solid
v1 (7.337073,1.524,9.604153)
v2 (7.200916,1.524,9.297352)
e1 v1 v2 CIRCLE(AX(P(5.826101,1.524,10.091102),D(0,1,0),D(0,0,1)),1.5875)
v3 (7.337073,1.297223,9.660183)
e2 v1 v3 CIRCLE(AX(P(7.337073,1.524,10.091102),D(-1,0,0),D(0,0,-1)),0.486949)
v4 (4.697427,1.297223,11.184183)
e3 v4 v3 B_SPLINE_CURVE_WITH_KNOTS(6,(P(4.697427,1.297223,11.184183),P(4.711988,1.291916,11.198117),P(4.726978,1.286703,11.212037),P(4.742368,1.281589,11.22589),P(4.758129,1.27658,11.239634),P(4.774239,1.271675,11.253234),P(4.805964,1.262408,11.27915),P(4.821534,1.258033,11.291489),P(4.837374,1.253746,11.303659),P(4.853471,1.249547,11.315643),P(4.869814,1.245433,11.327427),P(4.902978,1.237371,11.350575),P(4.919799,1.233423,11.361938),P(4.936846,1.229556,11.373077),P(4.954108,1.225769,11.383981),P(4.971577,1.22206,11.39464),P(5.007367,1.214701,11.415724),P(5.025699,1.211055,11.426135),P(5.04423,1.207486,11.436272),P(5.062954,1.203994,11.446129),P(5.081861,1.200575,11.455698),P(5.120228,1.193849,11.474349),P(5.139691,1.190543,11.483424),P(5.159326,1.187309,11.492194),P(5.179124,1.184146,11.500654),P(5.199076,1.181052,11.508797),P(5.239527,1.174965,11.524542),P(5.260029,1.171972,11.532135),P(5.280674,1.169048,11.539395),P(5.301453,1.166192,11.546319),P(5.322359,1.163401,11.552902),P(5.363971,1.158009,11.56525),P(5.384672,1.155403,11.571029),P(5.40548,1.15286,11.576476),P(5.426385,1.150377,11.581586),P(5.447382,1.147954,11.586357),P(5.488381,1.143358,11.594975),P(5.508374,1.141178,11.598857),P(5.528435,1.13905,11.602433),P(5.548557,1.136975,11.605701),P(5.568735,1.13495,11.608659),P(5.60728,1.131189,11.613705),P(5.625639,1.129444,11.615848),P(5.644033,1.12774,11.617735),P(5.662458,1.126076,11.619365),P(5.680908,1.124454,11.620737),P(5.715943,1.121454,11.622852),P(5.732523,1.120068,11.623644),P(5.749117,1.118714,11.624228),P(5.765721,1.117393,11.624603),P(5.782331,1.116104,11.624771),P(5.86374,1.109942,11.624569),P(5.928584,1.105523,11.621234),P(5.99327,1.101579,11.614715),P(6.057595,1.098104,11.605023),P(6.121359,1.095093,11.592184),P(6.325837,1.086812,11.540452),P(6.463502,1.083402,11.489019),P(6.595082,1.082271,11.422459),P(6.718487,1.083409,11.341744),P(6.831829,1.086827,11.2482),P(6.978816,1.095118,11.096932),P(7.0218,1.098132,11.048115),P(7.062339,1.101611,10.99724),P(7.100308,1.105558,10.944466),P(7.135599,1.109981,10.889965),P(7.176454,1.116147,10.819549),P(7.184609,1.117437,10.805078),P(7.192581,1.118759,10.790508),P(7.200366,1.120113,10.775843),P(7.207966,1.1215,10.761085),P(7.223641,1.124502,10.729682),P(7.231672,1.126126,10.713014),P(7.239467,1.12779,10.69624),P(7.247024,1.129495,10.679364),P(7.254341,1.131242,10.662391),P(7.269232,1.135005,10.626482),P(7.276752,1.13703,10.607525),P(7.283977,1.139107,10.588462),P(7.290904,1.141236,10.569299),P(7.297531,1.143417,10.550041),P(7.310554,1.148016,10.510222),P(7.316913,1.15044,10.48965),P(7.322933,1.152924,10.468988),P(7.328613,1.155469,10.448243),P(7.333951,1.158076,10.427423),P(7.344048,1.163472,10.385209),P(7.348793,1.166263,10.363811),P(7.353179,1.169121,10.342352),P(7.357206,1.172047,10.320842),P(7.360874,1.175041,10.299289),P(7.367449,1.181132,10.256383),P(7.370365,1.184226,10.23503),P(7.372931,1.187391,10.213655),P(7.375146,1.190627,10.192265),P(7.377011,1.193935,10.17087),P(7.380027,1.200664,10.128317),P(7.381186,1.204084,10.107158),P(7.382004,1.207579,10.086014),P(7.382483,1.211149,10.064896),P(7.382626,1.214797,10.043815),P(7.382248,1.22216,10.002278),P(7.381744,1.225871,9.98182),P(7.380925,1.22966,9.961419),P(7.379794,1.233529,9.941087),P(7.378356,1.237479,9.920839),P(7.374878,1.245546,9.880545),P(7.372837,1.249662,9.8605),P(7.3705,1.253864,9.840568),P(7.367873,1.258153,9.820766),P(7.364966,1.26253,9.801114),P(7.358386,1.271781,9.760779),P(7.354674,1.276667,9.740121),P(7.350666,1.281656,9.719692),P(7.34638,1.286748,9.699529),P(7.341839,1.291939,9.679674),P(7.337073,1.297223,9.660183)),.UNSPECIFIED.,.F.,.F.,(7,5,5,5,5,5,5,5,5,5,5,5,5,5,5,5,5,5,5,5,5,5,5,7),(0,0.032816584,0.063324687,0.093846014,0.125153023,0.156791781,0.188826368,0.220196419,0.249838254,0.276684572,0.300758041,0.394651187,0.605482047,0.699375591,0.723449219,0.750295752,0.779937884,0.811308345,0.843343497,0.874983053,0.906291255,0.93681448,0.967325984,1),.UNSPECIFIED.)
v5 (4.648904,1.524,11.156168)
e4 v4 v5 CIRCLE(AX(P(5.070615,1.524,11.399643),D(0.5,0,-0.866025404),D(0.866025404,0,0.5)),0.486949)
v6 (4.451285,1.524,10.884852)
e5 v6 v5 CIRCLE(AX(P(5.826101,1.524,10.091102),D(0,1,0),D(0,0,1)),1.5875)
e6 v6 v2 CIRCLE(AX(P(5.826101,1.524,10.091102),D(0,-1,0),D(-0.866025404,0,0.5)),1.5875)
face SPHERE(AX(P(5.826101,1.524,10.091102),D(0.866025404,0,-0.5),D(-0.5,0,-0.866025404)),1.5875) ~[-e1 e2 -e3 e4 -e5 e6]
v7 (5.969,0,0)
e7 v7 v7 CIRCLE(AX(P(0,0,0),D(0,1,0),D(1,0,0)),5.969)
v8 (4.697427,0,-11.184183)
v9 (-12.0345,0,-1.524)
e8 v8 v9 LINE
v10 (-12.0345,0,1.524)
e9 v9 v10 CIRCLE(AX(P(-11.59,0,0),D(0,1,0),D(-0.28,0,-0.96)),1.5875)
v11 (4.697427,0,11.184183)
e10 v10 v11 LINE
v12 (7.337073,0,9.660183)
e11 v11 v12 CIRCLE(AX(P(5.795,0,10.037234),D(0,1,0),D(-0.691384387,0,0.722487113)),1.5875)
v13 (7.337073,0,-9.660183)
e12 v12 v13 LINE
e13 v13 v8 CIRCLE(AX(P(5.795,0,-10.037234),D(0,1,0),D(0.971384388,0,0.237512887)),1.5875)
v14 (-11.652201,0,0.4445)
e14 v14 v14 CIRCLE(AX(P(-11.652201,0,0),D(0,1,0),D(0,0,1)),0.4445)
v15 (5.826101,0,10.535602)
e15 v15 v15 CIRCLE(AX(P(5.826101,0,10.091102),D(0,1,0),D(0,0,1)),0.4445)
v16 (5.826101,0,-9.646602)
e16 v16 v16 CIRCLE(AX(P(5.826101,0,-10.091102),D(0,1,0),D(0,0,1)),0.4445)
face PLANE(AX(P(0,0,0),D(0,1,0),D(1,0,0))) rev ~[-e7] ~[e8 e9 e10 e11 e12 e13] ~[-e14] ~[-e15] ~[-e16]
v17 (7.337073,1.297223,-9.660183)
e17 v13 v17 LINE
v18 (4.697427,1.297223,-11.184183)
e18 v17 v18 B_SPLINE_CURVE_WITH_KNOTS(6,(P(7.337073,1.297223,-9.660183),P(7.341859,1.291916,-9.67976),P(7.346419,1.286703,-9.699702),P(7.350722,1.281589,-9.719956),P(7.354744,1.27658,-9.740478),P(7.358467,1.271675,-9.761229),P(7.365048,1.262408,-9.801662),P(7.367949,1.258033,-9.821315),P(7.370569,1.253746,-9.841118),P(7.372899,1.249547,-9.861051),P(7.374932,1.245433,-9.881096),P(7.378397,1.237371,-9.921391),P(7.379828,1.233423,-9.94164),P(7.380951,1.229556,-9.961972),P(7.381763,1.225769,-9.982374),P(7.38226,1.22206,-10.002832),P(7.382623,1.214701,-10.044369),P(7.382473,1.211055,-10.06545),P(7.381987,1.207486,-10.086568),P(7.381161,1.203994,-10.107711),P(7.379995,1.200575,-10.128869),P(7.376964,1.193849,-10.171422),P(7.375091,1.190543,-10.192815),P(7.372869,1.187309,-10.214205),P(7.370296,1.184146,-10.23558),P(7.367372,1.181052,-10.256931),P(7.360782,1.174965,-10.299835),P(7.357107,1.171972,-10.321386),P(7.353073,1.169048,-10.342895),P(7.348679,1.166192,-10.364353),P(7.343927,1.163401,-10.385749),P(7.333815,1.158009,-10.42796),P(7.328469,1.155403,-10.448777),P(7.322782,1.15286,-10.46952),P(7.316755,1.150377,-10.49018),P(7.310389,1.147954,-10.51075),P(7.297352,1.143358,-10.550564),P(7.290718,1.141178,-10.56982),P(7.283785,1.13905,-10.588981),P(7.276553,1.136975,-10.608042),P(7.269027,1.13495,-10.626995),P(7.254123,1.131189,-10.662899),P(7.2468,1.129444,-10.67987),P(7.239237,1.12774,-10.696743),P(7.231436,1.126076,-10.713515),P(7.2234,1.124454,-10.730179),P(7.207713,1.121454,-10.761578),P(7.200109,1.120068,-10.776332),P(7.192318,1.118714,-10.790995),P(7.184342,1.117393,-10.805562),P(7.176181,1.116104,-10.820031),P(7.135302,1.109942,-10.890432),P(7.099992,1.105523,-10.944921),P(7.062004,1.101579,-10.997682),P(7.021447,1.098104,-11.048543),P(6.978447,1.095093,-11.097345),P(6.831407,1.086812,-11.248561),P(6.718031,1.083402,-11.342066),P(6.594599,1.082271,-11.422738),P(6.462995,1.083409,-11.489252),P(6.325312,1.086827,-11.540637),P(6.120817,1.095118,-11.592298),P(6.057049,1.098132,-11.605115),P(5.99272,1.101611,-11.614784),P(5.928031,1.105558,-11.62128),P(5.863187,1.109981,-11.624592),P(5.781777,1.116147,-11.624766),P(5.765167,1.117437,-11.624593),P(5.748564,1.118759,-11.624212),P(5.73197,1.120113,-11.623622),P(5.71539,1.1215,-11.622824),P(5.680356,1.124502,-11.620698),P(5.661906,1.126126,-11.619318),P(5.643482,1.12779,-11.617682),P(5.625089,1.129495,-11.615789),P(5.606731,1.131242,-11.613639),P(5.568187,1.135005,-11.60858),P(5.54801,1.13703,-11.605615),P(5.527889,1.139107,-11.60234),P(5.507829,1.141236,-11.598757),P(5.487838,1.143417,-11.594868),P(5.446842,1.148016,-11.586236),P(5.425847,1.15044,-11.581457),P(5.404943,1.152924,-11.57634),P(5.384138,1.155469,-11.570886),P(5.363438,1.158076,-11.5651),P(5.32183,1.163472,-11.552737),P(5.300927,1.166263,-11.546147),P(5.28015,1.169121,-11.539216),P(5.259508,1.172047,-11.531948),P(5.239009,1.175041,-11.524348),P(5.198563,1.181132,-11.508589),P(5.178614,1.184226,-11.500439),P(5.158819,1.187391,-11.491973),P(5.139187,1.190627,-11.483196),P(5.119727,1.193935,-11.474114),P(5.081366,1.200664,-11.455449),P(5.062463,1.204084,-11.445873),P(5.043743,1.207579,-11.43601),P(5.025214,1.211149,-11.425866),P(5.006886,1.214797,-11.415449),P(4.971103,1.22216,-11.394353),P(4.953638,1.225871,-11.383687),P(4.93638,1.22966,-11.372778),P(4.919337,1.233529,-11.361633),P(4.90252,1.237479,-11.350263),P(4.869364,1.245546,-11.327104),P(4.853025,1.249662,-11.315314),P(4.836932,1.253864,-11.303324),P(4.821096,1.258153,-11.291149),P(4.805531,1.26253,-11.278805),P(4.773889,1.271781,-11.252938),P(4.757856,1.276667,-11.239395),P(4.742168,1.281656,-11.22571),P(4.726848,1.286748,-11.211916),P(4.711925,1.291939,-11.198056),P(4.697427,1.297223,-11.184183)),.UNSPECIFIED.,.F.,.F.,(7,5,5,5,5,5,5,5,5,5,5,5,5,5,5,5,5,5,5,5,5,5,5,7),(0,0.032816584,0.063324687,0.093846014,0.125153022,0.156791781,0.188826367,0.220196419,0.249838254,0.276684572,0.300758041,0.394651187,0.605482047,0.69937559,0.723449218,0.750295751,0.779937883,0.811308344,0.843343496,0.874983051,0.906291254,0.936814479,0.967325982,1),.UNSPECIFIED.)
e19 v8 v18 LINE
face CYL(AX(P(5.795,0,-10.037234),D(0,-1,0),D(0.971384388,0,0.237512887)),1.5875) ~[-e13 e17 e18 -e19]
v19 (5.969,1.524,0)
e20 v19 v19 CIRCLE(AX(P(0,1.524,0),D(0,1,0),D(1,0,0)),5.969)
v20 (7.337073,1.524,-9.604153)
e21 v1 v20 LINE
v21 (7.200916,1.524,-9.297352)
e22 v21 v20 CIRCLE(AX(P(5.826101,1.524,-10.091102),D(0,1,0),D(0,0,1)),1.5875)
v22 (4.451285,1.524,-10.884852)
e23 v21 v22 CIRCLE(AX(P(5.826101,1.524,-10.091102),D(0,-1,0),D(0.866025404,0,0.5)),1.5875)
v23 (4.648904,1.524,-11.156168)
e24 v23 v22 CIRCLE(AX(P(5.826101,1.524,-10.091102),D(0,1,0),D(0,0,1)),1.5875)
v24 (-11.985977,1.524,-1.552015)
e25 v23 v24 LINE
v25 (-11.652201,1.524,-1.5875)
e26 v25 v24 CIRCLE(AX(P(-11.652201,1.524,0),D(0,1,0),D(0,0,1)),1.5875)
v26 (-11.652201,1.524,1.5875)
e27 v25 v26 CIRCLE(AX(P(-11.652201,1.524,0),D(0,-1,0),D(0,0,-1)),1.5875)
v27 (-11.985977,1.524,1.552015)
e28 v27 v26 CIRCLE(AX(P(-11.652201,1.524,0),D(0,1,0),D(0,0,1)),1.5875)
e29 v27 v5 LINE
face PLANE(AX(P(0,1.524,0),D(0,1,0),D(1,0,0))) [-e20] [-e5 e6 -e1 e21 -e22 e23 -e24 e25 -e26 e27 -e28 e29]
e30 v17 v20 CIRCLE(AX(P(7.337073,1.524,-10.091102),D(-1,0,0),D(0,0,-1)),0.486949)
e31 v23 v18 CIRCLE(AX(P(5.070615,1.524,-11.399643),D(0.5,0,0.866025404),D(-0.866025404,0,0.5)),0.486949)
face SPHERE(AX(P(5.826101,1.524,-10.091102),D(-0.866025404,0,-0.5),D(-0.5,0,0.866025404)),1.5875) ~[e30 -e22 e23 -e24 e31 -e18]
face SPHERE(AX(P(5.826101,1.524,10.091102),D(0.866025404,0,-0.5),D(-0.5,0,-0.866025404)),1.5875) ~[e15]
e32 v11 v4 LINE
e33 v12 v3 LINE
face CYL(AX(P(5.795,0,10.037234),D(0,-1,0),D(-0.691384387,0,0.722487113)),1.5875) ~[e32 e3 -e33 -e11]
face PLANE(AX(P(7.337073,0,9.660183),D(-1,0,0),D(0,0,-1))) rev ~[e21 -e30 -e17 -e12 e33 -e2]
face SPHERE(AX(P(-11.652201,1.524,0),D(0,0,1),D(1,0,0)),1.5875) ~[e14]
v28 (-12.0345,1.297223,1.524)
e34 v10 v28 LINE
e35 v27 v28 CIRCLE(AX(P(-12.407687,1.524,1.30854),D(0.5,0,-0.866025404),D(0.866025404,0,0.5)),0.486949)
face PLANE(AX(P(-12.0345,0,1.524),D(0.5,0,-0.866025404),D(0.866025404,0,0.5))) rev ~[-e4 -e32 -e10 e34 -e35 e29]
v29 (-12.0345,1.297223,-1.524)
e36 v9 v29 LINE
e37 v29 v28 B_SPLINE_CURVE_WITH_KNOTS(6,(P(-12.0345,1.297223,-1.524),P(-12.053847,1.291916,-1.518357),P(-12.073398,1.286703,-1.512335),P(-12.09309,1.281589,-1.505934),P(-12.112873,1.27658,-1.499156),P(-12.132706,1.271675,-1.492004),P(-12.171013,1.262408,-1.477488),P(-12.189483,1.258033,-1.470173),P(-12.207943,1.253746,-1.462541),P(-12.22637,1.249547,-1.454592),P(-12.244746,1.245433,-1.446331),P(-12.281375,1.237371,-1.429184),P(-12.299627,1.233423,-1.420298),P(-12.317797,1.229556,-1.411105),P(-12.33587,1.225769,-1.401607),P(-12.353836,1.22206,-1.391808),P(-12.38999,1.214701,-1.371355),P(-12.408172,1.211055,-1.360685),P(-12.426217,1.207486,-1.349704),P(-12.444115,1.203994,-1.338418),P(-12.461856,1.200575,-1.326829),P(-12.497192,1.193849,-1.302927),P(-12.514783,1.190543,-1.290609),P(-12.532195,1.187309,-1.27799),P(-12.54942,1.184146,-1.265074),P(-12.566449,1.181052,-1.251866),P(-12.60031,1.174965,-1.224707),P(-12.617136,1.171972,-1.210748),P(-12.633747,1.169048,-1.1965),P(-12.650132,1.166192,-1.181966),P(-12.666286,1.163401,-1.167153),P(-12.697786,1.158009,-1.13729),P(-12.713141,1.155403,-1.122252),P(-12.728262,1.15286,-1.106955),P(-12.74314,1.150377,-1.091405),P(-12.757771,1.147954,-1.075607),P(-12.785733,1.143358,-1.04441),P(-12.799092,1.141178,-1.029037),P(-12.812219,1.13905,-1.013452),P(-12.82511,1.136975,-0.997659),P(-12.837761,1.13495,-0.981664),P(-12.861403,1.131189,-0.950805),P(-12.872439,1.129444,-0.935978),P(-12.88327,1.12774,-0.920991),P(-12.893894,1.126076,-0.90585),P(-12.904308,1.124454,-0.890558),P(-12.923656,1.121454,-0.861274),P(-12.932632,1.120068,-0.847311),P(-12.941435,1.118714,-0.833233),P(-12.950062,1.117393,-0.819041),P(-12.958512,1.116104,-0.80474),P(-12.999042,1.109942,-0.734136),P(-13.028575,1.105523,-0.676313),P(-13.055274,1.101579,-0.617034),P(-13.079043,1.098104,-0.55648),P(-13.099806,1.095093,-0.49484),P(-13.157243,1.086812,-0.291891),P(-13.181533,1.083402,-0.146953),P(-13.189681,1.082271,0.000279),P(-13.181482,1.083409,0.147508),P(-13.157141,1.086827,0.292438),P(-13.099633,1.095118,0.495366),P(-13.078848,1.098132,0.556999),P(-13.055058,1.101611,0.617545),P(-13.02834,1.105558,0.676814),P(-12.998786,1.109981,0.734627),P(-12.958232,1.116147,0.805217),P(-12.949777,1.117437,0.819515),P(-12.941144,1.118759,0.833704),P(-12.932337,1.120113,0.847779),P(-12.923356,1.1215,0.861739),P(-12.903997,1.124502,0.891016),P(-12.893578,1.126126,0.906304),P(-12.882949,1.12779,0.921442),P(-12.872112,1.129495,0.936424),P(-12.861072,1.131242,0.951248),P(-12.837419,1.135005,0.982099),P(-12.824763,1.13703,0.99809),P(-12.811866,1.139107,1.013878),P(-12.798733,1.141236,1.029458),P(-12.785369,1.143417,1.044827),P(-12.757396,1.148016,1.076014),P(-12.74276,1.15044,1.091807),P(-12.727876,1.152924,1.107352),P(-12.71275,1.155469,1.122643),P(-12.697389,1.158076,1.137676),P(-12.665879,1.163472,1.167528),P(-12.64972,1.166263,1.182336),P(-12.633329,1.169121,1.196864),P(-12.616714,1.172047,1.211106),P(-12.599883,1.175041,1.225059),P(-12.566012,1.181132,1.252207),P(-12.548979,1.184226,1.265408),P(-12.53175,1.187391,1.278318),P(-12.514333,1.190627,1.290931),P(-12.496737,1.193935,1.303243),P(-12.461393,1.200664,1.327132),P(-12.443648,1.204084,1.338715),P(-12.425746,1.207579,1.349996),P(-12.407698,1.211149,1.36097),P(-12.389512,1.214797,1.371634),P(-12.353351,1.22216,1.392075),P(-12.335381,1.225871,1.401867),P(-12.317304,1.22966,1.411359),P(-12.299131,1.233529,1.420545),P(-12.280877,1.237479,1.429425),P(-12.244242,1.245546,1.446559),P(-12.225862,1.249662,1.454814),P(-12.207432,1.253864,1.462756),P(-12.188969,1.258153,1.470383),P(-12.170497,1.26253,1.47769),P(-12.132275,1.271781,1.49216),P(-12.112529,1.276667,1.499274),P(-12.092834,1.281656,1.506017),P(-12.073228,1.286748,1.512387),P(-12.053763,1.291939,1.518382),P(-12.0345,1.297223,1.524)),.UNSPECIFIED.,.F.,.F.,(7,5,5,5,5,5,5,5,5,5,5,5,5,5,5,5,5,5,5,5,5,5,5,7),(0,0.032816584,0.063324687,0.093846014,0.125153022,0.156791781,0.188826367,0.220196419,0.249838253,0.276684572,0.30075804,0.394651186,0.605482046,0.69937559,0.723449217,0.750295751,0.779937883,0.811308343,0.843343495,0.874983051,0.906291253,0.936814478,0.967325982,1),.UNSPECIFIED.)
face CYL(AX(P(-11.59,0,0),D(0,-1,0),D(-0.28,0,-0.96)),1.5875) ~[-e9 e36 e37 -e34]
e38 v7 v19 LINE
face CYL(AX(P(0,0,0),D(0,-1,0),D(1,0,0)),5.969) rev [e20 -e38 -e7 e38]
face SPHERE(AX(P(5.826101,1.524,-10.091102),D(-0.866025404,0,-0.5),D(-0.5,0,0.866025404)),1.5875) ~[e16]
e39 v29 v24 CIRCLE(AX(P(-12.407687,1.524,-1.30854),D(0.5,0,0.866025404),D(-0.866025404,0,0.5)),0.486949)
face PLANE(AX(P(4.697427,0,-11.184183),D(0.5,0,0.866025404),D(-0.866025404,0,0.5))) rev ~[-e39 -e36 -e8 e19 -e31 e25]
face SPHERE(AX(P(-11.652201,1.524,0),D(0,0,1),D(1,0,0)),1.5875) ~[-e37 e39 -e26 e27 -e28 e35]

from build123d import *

# Parameters (mm, degrees)
SKETCH1_R           = 5.969
BOSS_EXTRUDE1_DEPTH = 1.524
CIRPATTERN2_COUNT   = 3


with BuildPart() as part:
    # Sketch1 → Boss-Extrude1 (new body)
    with BuildSketch(Plane(origin=(0, 0, 0), x_dir=(1, 0, 0), z_dir=(0, 1, 0))):
        with BuildLine():
            Line((4.697427285, 11.184182722), (-12.0345, 1.524))
            ThreePointArc((-12.0345, 1.524), (-13.1775, 0), (-12.0345, -1.524))
            Line((-12.0345, -1.524), (4.697427285, -11.184182722))
            ThreePointArc((4.697427285, -11.184182722), (6.58875, -11.412049758), (7.337072715, -9.660182722))
            Line((7.337072715, -9.660182722), (7.337072715, 9.660182722))
            ThreePointArc((7.337072715, 9.660182722), (6.58875, 11.412049758), (4.697427285, 11.184182722))
        make_face()
        Circle(SKETCH1_R, mode=Mode.SUBTRACT)
    extrude(amount=BOSS_EXTRUDE1_DEPTH)

    # Sketch2 → Revolve1 (revolve)
    with BuildSketch(Plane(origin=(0, 1.524, 0), x_dir=(1, 0, 0), z_dir=(0, 1, 0))):
        with BuildLine():
            Line((-11.65220136, -1.5875), (-11.65220136, 1.5875))
            ThreePointArc((-11.65220136, 1.5875), (-10.06470136, 0), (-11.65220136, -1.5875))
        make_face()
    revolve1 = revolve(axis=Axis((-11.65220136, 1.524, 1.5875), (0, 0, -1)))

    # CirPattern2: Revolve1 ×3 about axis
    cirpattern2_axis = Axis((0, 0, 0), (0, 1, 0))
    for i in range(1, CIRPATTERN2_COUNT):
        add(revolve1.rotate(cirpattern2_axis, i * 360 / CIRPATTERN2_COUNT))


solid = part.part
